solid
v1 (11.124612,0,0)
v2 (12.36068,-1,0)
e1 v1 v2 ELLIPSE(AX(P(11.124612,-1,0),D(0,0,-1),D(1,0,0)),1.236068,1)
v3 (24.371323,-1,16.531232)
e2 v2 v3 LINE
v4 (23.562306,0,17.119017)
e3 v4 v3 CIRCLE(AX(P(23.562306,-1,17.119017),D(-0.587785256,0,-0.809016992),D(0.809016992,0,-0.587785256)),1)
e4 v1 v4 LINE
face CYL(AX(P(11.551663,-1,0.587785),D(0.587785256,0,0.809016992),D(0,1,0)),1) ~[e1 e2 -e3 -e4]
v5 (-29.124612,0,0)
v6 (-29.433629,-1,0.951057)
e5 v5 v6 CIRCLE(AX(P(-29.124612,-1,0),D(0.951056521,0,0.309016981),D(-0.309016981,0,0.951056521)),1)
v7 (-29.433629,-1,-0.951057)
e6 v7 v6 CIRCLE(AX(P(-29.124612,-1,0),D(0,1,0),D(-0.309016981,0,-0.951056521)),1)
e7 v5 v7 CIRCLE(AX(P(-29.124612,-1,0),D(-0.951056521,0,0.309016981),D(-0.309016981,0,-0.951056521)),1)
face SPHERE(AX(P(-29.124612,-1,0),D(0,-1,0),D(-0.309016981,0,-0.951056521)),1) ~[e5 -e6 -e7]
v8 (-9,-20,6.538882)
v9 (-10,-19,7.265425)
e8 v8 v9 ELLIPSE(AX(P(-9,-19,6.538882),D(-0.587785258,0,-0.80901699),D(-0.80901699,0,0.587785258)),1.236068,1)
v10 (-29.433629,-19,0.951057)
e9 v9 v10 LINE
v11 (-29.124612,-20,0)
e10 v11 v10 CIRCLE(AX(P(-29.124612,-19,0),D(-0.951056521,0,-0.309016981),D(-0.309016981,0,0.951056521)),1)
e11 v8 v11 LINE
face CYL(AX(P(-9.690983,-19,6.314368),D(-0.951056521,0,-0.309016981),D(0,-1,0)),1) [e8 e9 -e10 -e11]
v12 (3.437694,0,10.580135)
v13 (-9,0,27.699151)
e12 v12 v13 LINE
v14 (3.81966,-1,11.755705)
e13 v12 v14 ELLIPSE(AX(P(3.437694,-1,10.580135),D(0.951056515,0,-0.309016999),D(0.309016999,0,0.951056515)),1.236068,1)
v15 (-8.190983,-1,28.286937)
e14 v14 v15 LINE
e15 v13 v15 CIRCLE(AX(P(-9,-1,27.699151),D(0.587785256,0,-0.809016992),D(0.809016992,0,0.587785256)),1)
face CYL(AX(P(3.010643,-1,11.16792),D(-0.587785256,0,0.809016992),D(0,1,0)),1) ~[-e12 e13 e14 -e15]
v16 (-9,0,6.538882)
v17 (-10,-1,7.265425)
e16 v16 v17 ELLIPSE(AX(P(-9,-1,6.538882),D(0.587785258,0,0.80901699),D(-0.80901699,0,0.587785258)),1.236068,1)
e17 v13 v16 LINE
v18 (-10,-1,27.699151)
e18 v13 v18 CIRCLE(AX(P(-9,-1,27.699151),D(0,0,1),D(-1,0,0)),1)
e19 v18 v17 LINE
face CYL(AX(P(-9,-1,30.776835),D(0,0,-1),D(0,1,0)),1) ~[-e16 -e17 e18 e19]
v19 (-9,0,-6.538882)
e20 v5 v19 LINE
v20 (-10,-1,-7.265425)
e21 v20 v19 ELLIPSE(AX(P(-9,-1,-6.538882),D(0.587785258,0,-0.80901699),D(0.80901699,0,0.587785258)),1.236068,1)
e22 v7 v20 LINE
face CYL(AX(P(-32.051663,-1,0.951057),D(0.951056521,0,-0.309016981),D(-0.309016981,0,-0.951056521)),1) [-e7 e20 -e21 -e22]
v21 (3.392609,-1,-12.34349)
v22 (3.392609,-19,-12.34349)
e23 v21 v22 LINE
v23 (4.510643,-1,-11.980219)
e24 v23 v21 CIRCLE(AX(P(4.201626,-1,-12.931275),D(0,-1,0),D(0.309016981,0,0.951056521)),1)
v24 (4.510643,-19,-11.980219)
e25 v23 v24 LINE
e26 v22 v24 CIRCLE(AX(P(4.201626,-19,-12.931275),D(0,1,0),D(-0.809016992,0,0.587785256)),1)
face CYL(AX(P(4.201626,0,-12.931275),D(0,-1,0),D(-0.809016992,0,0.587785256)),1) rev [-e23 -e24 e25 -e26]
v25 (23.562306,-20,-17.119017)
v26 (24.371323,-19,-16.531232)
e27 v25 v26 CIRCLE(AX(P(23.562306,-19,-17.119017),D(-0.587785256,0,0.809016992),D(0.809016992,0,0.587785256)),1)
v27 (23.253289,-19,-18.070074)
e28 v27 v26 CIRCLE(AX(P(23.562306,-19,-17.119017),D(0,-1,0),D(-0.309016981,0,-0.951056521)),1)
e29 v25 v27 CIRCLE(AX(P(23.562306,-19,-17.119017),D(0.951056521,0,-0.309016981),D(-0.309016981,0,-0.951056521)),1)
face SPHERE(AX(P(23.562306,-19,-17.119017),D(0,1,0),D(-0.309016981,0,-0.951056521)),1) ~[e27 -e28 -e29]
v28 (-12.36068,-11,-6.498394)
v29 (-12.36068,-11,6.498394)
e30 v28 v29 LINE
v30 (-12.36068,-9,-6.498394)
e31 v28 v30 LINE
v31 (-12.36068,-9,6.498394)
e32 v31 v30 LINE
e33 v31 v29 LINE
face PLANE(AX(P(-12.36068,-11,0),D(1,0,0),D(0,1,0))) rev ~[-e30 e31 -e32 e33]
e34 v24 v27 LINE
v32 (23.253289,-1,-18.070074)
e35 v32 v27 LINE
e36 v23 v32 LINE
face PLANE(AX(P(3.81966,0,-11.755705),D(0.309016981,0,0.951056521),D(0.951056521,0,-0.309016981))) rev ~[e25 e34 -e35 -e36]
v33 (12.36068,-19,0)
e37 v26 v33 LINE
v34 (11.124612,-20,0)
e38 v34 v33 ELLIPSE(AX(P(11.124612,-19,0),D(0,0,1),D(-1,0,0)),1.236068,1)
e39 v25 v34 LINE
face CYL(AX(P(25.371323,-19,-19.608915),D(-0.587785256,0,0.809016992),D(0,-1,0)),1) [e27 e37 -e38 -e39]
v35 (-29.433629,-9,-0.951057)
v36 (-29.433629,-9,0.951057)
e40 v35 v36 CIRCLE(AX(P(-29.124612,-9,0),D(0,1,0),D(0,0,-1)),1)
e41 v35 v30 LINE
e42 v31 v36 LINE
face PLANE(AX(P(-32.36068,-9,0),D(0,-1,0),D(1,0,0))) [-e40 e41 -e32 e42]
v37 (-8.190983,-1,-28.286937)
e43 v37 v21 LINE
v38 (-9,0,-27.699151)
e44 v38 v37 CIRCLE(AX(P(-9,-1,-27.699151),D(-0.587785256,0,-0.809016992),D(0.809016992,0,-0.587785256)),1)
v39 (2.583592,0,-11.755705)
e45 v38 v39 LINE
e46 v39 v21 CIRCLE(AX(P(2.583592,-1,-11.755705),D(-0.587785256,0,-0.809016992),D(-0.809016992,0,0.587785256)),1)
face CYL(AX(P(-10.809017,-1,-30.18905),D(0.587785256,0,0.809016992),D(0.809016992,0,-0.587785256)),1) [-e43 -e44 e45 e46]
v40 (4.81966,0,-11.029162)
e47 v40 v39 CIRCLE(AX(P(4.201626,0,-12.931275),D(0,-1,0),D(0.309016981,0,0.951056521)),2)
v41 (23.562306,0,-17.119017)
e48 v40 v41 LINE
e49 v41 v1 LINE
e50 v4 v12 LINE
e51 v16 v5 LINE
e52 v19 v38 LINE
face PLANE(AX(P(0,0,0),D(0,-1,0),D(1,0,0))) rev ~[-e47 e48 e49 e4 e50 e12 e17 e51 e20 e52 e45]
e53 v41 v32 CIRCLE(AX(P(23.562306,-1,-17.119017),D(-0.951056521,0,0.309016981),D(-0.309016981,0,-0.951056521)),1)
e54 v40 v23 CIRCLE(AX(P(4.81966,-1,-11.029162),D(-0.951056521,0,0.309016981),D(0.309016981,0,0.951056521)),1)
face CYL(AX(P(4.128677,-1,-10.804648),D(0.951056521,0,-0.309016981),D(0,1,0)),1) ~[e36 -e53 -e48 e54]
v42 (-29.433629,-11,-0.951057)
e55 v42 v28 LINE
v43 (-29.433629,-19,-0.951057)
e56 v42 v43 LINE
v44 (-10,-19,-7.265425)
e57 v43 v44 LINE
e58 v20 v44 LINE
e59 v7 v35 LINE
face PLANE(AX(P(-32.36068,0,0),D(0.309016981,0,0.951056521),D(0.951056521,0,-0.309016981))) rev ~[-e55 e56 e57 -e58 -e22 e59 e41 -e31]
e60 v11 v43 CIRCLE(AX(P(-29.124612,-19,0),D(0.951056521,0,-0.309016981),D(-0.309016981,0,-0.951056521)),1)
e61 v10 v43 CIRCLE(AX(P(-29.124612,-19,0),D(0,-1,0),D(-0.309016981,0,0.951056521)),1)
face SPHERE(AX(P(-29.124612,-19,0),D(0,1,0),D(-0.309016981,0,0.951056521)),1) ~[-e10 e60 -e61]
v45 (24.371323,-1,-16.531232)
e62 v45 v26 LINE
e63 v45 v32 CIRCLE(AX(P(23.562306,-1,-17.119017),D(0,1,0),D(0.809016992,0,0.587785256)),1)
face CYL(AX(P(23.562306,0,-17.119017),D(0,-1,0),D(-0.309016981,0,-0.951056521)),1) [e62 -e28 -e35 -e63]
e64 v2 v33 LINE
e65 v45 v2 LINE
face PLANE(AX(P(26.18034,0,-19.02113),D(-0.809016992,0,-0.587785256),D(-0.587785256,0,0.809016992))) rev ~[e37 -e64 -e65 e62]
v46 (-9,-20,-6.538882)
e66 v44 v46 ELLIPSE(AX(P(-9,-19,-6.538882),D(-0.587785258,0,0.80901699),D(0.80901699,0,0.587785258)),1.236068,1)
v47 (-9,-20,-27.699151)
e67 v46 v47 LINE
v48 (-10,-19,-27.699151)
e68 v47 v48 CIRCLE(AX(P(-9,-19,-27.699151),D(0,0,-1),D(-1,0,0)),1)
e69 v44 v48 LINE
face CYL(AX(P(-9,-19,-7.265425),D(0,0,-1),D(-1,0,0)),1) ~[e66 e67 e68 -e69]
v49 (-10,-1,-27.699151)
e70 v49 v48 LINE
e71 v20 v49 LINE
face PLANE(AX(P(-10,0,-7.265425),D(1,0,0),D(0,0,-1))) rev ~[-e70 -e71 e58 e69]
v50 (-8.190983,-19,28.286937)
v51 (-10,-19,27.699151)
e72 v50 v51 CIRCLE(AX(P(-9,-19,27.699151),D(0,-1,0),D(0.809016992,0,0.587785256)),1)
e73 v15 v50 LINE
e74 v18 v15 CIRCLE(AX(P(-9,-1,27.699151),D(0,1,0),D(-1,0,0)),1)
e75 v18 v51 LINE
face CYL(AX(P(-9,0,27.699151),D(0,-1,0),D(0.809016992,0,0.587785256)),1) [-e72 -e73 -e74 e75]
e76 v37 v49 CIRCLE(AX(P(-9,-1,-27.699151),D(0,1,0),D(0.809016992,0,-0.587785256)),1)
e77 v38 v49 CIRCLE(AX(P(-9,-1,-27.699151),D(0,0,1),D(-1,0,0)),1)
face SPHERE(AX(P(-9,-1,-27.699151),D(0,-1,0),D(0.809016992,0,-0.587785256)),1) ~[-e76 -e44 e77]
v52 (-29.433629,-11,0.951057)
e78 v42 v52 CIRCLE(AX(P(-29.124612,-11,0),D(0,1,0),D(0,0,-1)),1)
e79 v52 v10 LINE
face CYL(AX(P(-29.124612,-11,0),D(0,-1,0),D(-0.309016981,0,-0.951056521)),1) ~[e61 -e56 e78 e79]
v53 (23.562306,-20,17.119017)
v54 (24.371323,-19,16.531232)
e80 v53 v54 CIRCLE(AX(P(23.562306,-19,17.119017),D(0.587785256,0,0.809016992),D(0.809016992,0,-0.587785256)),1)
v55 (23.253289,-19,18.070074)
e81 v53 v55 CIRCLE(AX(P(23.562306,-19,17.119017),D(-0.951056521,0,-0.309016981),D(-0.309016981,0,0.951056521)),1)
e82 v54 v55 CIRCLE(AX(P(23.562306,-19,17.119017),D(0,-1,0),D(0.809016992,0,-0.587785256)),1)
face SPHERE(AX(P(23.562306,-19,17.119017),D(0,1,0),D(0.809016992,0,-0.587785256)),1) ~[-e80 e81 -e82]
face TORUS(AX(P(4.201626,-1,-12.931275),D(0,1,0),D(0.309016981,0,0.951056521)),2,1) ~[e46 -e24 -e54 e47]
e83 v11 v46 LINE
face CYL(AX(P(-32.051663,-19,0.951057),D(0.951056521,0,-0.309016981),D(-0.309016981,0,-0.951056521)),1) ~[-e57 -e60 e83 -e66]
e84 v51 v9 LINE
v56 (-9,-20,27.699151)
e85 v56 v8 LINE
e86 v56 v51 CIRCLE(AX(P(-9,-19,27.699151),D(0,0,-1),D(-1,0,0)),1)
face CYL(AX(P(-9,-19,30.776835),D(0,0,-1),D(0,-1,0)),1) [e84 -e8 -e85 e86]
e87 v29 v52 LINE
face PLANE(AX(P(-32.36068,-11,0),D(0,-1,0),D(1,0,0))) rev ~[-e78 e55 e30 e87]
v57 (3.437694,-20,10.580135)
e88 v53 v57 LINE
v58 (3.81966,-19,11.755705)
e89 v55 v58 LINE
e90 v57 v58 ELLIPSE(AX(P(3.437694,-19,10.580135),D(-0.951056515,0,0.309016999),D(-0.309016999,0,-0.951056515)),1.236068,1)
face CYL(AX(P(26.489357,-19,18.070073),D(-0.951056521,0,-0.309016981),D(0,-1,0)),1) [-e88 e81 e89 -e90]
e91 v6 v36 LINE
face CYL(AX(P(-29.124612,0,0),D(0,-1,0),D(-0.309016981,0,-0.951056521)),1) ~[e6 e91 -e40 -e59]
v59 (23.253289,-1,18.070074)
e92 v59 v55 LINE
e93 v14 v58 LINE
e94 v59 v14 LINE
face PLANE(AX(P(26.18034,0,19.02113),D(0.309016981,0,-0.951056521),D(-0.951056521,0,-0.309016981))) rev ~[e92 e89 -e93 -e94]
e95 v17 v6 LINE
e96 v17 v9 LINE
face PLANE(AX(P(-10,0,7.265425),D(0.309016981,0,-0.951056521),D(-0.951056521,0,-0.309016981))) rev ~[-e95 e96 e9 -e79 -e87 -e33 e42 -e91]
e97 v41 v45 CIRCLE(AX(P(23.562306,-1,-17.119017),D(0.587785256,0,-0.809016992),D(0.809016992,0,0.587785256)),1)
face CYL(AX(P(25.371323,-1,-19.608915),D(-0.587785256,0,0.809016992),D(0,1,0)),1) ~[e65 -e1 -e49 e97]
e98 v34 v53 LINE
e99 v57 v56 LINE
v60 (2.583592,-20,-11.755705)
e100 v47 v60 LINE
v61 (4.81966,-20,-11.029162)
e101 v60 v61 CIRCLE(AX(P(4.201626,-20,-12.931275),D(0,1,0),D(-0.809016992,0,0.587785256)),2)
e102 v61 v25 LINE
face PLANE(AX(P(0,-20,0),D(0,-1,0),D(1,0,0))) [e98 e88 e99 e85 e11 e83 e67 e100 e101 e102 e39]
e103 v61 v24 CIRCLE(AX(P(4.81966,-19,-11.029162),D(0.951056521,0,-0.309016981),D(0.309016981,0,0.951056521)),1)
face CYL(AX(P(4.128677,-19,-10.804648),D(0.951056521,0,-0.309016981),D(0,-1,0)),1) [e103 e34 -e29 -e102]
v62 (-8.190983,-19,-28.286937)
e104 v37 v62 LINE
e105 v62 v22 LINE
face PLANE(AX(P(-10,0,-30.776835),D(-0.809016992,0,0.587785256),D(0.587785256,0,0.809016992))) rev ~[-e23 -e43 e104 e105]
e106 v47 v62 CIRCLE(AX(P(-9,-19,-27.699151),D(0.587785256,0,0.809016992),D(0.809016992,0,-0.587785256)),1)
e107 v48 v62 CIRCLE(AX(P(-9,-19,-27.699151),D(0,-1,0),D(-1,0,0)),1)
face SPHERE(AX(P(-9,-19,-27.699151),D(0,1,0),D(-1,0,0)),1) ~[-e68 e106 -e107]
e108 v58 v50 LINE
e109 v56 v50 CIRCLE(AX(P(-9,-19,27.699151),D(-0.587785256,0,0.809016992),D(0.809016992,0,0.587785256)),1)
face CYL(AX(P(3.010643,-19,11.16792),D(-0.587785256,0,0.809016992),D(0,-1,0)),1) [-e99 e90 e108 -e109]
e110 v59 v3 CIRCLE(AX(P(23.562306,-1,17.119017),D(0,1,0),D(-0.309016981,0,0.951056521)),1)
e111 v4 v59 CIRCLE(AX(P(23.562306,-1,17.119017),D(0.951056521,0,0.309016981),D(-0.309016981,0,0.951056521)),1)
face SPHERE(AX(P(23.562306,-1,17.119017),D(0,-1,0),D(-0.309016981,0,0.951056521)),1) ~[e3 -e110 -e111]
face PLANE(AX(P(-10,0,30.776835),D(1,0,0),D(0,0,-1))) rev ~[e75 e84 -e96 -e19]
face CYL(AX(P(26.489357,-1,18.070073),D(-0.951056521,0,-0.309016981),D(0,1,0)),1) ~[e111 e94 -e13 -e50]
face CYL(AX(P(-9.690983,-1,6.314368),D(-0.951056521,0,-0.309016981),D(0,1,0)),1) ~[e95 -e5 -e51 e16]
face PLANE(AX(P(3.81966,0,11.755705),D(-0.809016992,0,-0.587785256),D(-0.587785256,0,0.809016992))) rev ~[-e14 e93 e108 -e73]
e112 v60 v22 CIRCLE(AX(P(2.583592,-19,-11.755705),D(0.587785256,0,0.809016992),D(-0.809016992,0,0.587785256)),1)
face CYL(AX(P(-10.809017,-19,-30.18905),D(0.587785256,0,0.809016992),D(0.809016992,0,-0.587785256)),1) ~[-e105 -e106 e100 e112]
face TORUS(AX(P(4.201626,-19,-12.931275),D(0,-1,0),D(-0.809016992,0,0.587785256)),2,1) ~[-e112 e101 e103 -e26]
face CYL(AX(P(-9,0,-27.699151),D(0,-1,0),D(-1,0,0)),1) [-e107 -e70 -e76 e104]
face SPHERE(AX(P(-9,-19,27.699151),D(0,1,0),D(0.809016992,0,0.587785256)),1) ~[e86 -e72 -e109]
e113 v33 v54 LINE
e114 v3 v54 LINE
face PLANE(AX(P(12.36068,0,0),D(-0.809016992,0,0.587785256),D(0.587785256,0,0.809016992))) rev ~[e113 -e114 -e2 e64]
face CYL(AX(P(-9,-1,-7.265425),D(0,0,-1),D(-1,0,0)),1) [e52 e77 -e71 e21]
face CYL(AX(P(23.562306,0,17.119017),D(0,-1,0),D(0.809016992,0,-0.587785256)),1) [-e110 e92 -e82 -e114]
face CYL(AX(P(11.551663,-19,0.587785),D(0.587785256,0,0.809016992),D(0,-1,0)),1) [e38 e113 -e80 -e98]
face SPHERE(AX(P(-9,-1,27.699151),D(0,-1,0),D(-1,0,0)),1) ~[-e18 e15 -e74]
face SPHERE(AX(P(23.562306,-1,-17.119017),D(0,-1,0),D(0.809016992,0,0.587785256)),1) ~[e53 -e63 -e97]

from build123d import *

# Parameters (mm, degrees)
F1_DEPTH = 20
F2_W     = 20
F2_H     = 2
F3_DEPTH = 12.5
F4_R     = 1


with BuildPart() as f1:
    # F0 (on Front) → F1 (new body)
    with BuildSketch(Plane.XZ):
        Polygon((-10, -7.265425), (-10, -30.776835), (3.81966, -11.755705), (26.18034, -19.02113), (12.36068, 0), (26.18034, 19.02113), (3.81966, 11.755705), (-10, 30.776835), (-10, 7.265425), (-32.36068, 0), align=None)
    extrude(amount=F1_DEPTH)

    # F2 (on Top) → F3 (cut, symmetric)
    with BuildSketch(Plane.XY):
        with Locations((-22.36068, -10)):
            Rectangle(F2_W, F2_H)
    extrude(amount=F3_DEPTH, both=True, mode=Mode.SUBTRACT)

    # F4
    f4_edges = [f1.edges().sort_by_distance(p)[0] for p in [
        (-21.18034, 0, -3.632713),
        (-21.18034, 0, 3.632713),
        (-10, 0, 19.02113),
        (-3.09017, 0, 21.26627),
        (15, 0, 15.388418),
        (19.27051, 0, 9.510565),
        (19.27051, 0, -9.510565),
        (15, 0, -15.388418),
        (-3.09017, 0, -21.26627),
        (-10, 0, -19.02113),
        (-21.18034, -20, 3.632713),
        (-21.18034, -20, -3.632713),
        (-10, -20, -19.02113),
        (-3.09017, -20, -21.26627),
        (15, -20, -15.388418),
        (19.27051, -20, -9.510565),
        (19.27051, -20, 9.510565),
        (15, -20, 15.388418),
        (-3.09017, -20, 21.26627),
        (-10, -20, 19.02113),
        (-10, -10, -30.776835),
        (3.81966, -10, -11.755705),
        (-32.36068, -15.5, 0),
        (-32.36068, -4.5, 0),
        (-10, -10, 30.776835),
        (26.18034, -10, 19.02113),
        (26.18034, -10, -19.02113),
    ]]
    fillet(f4_edges, radius=F4_R)


solid = f1.part
